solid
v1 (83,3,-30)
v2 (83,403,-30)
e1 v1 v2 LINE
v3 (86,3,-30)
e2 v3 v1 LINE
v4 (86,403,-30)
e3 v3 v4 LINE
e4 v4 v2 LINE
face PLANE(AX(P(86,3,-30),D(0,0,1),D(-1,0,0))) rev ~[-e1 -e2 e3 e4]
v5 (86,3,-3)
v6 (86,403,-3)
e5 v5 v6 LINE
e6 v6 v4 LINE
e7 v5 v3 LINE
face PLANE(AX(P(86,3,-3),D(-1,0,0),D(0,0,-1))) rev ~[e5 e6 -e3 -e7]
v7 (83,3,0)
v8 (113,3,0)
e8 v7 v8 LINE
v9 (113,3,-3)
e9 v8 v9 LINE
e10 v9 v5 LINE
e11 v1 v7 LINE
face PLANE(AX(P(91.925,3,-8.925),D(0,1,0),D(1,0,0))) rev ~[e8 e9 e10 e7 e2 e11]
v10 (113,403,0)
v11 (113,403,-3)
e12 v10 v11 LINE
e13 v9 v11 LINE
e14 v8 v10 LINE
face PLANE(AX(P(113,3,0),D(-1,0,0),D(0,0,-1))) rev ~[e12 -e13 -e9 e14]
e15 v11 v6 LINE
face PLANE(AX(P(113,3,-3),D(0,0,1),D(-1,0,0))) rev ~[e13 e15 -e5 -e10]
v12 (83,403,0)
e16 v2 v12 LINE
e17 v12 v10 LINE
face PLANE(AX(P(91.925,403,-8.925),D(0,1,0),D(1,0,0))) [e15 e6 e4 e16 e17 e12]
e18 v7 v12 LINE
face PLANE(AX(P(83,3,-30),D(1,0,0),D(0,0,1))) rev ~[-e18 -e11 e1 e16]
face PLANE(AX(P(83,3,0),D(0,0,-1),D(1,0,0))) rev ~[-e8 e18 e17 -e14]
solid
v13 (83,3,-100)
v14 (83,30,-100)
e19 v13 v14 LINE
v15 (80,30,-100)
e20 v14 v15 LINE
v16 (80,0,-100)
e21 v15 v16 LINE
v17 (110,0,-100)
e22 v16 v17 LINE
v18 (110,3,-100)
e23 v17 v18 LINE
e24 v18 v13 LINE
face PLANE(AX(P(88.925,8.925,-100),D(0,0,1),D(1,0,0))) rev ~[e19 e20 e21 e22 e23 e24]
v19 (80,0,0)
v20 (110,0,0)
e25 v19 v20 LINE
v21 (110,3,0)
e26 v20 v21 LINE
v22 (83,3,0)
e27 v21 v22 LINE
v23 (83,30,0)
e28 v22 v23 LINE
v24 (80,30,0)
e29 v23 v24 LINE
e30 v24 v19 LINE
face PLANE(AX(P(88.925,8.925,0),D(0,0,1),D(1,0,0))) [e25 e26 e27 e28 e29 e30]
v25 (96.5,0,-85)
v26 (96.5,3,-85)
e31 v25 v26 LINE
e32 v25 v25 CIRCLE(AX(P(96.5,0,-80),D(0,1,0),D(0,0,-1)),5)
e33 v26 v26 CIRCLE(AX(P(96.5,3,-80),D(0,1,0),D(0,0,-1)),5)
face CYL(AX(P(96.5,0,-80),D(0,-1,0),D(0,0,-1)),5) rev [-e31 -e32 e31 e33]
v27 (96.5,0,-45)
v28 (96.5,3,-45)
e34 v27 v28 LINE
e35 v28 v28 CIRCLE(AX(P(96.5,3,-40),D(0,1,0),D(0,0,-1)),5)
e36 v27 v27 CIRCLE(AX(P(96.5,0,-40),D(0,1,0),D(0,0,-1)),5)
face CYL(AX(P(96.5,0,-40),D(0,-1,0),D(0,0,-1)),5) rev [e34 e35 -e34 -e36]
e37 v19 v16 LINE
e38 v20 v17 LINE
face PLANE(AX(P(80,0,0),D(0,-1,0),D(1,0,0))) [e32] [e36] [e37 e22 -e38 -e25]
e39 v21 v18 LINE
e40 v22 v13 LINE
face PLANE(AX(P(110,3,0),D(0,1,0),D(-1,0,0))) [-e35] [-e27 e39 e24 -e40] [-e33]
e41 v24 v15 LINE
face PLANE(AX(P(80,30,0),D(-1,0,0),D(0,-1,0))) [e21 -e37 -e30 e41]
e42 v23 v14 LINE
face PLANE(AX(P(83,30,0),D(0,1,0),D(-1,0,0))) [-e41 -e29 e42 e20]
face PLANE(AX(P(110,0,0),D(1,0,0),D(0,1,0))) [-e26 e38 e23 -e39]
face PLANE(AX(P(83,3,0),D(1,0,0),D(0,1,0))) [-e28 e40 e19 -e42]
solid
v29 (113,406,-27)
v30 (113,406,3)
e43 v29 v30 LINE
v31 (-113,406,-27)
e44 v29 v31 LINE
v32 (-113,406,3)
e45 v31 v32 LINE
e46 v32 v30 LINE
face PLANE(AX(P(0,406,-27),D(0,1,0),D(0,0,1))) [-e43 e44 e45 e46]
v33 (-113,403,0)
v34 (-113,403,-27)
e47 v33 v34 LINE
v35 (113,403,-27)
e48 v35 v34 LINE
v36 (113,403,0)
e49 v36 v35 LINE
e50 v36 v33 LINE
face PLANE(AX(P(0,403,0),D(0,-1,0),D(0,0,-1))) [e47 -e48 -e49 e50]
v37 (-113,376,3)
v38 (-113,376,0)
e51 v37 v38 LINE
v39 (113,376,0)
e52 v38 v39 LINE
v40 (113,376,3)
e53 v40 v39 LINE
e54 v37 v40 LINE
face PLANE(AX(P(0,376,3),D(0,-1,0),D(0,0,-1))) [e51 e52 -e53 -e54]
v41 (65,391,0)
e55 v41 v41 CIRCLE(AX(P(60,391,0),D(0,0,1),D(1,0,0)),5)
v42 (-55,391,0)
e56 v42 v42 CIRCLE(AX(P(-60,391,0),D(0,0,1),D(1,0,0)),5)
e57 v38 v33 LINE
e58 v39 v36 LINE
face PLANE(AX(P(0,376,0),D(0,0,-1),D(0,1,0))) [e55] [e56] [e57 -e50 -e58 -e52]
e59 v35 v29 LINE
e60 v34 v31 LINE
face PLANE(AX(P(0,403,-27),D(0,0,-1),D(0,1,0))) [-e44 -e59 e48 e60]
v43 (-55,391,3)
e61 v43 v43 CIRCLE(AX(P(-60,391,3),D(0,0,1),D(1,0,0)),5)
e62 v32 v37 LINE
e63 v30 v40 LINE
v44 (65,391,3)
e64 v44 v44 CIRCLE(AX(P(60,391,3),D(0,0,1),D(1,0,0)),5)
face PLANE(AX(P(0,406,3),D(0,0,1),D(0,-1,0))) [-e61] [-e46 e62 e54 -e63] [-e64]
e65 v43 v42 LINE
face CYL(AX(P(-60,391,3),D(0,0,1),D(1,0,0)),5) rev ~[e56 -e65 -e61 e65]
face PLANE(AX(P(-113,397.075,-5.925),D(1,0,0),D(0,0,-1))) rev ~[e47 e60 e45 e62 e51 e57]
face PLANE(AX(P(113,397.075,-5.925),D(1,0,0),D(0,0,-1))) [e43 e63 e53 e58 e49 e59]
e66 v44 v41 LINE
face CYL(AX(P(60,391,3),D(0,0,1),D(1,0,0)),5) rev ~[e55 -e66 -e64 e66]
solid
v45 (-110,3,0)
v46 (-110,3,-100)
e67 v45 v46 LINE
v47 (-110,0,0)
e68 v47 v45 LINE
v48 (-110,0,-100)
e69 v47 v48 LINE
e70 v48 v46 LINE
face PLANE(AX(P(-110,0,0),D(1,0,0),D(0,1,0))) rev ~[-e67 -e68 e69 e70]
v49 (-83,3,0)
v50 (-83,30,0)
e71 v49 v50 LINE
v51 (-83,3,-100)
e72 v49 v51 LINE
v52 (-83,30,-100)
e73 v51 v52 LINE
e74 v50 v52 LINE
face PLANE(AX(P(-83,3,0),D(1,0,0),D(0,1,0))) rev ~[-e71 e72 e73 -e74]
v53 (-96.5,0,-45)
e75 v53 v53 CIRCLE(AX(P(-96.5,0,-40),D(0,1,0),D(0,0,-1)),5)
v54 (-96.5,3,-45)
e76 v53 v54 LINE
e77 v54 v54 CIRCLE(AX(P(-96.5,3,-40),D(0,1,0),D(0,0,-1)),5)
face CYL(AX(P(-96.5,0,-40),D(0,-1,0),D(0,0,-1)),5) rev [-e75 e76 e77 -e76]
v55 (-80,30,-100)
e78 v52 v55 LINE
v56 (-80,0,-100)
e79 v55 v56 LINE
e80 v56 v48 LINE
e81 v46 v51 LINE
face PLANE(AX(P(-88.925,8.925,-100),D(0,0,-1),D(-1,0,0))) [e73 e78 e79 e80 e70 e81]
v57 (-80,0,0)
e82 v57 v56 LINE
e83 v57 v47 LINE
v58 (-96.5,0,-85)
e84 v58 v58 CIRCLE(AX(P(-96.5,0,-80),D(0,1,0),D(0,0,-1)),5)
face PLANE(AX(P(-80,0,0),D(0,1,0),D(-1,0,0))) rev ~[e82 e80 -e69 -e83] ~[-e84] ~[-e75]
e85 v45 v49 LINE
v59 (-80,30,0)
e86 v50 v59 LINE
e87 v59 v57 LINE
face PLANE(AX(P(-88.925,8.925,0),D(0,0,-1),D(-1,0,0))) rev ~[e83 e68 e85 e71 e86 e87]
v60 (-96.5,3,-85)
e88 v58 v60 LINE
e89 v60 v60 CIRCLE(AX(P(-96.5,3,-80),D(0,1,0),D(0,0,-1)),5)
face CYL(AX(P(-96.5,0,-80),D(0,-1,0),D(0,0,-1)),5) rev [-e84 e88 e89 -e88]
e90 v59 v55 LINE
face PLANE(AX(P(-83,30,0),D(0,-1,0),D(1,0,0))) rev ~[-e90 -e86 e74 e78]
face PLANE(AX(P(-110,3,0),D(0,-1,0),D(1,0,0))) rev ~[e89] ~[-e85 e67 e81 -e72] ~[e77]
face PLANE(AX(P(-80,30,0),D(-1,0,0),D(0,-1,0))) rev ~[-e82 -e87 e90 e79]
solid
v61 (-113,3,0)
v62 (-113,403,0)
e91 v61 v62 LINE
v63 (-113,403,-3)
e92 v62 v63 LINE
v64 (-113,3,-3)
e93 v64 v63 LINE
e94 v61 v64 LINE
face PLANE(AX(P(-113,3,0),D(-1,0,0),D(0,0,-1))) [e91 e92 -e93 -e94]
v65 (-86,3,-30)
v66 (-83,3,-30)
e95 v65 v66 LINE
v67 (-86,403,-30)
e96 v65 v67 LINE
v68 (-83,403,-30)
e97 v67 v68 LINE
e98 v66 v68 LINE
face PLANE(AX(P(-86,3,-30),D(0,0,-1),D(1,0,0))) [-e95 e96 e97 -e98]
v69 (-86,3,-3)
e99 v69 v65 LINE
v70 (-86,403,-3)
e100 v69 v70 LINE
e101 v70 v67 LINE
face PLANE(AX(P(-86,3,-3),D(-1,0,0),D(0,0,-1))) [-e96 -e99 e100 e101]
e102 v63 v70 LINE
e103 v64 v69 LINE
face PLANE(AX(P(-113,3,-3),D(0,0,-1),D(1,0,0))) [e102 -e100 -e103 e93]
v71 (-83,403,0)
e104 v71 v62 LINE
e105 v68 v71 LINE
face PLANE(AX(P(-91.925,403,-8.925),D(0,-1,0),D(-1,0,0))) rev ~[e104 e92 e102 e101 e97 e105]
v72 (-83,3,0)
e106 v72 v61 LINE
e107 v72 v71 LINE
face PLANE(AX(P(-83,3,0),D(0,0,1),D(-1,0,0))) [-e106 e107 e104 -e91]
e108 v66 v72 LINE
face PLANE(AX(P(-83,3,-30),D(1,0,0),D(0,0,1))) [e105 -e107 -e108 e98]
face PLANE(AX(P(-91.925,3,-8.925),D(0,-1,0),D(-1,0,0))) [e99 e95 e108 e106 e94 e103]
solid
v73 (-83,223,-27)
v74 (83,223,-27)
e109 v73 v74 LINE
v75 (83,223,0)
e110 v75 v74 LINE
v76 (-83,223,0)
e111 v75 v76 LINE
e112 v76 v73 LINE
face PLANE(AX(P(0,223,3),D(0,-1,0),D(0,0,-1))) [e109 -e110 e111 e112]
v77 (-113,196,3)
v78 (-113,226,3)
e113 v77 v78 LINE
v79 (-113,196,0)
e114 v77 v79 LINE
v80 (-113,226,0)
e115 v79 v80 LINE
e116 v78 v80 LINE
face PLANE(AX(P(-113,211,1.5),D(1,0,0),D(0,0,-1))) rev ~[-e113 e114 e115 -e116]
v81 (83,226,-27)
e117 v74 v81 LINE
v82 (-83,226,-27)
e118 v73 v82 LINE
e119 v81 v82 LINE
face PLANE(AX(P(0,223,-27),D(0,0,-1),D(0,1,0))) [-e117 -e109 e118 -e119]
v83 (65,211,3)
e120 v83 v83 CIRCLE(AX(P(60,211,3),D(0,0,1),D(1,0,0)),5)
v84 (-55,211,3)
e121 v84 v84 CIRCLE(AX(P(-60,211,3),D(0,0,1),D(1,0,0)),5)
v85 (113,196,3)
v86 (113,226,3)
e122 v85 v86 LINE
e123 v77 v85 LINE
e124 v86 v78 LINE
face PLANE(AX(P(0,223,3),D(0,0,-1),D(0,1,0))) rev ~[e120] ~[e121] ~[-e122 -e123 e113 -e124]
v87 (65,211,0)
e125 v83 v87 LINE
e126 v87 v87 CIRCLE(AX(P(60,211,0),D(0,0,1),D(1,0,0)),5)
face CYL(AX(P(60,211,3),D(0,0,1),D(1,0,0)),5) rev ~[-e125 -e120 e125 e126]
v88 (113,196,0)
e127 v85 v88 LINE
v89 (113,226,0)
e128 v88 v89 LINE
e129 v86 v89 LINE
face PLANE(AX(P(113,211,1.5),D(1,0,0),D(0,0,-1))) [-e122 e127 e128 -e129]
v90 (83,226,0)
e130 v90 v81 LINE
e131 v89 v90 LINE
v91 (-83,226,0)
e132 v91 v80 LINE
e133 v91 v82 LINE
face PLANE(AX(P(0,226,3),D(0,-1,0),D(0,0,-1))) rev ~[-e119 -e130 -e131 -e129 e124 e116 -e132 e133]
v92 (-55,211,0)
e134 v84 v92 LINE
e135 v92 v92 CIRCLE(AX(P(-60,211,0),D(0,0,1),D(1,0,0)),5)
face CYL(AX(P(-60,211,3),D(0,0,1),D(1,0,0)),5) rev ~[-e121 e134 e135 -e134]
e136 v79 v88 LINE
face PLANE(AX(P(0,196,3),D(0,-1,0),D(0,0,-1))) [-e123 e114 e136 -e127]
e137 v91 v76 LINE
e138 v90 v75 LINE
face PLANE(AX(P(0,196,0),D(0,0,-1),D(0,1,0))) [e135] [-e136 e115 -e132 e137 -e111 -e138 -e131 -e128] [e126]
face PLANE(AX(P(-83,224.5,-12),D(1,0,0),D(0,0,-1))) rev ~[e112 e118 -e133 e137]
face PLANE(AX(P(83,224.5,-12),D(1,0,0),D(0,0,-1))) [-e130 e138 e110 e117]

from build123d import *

# Parameters (mm, degrees)
BOSS_EXTRUDE1_DEPTH   = 100
BOSS_EXTRUDE1_2_DEPTH = 100
BOSS_EXTRUDE2_START   = 3
BOSS_EXTRUDE2_DEPTH   = 400
BOSS_EXTRUDE2_2_DEPTH = 400
BOSS_EXTRUDE3_DEPTH   = 113
SKETCH4_W             = 3
SKETCH4_H             = 30
BOSS_EXTRUDE4_DEPTH   = 113
SKETCH5_W             = 30
SKETCH5_H             = 3
BOSS_EXTRUDE5_DEPTH   = 83
SKETCH6_R             = 5
CUT_EXTRUDE1_DEPTH    = 434.836374685
SKETCH7_R             = 5
CUT_EXTRUDE2_DEPTH    = 3


with BuildPart() as part:
    # Sketch1 → Boss-Extrude1 (new body)
    with BuildSketch(Plane.XY):
        Polygon((-80, 30), (-80, 0), (-110, 0), (-110, 3), (-83, 3), (-83, 30), align=None)
    extrude(amount=-BOSS_EXTRUDE1_DEPTH)


with BuildPart() as body_2:
    # Sketch1 → Boss-Extrude1 2 (new body)
    with BuildSketch(Plane.XY):
        Polygon((83, 30), (80, 30), (80, 0), (110, 0), (110, 3), (83, 3), align=None)
    extrude(amount=-BOSS_EXTRUDE1_2_DEPTH)


with BuildPart() as body_3:
    # Sketch2 → Boss-Extrude2 (new body)
    with BuildSketch(Plane(origin=(0, 0, 0), x_dir=(1, 0, 0), z_dir=(0, 1, 0)).offset(BOSS_EXTRUDE2_START)):
        Polygon((83, 30), (83, 0), (113, 0), (113, 3), (86, 3), (86, 30), align=None)
    extrude(amount=BOSS_EXTRUDE2_DEPTH)


with BuildPart() as body_4:
    # Sketch2 → Boss-Extrude2 2 (new body)
    with BuildSketch(Plane(origin=(0, 0, 0), x_dir=(1, 0, 0), z_dir=(0, 1, 0)).offset(BOSS_EXTRUDE2_START)):
        Polygon((-86, 30), (-83, 30), (-83, 0), (-113, 0), (-113, 3), (-86, 3), align=None)
    extrude(amount=BOSS_EXTRUDE2_2_DEPTH)


with BuildPart() as body_5:
    # Sketch3 → Boss-Extrude3 (new, symmetric)
    with BuildSketch(Plane(origin=(0, 0, 0), x_dir=(0, 0, -1), z_dir=(1, 0, 0))):
        Polygon((27, 406), (-3, 406), (-3, 376), (0, 376), (0, 403), (27, 403), align=None)
    extrude(amount=BOSS_EXTRUDE3_DEPTH, both=True)


with BuildPart() as body_6:
    # Sketch4 → Boss-Extrude4 (new, symmetric)
    with BuildSketch(Plane(origin=(0, 0, 0), x_dir=(0, 0, -1), z_dir=(1, 0, 0))):
        with Locations((-1.5, 211)):
            Rectangle(SKETCH4_W, SKETCH4_H)
    extrude(amount=BOSS_EXTRUDE4_DEPTH, both=True)

    # Sketch5 → Boss-Extrude5 (add, symmetric)
    with BuildSketch(Plane(origin=(0, 0, 0), x_dir=(0, 0, -1), z_dir=(1, 0, 0))):
        with Locations((12, 224.5)):
            Rectangle(SKETCH5_W, SKETCH5_H)
    extrude(amount=BOSS_EXTRUDE5_DEPTH, both=True)


with BuildPart() as cut_extrude1_tool:
    # Sketch6 → Cut-Extrude1 (new, through all)
    with BuildSketch(Plane.XY.offset(3)):
        with Locations((-60, 391)):
            Circle(SKETCH6_R)
        with Locations((60, 391)):
            Circle(SKETCH6_R)
        with Locations((-60, 211)):
            Circle(SKETCH6_R)
        with Locations((60, 211)):
            Circle(SKETCH6_R)
    extrude(amount=-CUT_EXTRUDE1_DEPTH)


with BuildPart() as body_5_1:
    add(body_5.part)

    # Cut-Extrude1: cut by cut_extrude1_tool
    add(cut_extrude1_tool.part, mode=Mode.SUBTRACT)


with BuildPart() as body_6_1:
    add(body_6.part)

    # Cut-Extrude1: cut by cut_extrude1_tool
    add(cut_extrude1_tool.part, mode=Mode.SUBTRACT)


with BuildPart() as cut_extrude2_tool:
    # Sketch7 → Cut-Extrude2 (new body)
    with BuildSketch(Plane(origin=(0, 0, 0), x_dir=(1, 0, 0), z_dir=(0, 1, 0))):
        with Locations(Location((-96.5, 80, 0), (0, 0, 90))):
            Circle(SKETCH7_R)
        with Locations(Location((-96.5, 40, 0), (0, 0, 90))):
            Circle(SKETCH7_R)
        with Locations(Location((96.5, 80, 0), (0, 0, 90))):
            Circle(SKETCH7_R)
        with Locations(Location((96.5, 40, 0), (0, 0, 90))):
            Circle(SKETCH7_R)
    extrude(amount=CUT_EXTRUDE2_DEPTH)


with BuildPart() as part_1:
    add(part.part)

    # Cut-Extrude2: cut by cut_extrude2_tool
    add(cut_extrude2_tool.part, mode=Mode.SUBTRACT)


with BuildPart() as body_2_1:
    add(body_2.part)

    # Cut-Extrude2: cut by cut_extrude2_tool
    add(cut_extrude2_tool.part, mode=Mode.SUBTRACT)


solid = Compound([body_3.part, body_4.part, body_5_1.part, body_6_1.part, part_1.part, body_2_1.part])
